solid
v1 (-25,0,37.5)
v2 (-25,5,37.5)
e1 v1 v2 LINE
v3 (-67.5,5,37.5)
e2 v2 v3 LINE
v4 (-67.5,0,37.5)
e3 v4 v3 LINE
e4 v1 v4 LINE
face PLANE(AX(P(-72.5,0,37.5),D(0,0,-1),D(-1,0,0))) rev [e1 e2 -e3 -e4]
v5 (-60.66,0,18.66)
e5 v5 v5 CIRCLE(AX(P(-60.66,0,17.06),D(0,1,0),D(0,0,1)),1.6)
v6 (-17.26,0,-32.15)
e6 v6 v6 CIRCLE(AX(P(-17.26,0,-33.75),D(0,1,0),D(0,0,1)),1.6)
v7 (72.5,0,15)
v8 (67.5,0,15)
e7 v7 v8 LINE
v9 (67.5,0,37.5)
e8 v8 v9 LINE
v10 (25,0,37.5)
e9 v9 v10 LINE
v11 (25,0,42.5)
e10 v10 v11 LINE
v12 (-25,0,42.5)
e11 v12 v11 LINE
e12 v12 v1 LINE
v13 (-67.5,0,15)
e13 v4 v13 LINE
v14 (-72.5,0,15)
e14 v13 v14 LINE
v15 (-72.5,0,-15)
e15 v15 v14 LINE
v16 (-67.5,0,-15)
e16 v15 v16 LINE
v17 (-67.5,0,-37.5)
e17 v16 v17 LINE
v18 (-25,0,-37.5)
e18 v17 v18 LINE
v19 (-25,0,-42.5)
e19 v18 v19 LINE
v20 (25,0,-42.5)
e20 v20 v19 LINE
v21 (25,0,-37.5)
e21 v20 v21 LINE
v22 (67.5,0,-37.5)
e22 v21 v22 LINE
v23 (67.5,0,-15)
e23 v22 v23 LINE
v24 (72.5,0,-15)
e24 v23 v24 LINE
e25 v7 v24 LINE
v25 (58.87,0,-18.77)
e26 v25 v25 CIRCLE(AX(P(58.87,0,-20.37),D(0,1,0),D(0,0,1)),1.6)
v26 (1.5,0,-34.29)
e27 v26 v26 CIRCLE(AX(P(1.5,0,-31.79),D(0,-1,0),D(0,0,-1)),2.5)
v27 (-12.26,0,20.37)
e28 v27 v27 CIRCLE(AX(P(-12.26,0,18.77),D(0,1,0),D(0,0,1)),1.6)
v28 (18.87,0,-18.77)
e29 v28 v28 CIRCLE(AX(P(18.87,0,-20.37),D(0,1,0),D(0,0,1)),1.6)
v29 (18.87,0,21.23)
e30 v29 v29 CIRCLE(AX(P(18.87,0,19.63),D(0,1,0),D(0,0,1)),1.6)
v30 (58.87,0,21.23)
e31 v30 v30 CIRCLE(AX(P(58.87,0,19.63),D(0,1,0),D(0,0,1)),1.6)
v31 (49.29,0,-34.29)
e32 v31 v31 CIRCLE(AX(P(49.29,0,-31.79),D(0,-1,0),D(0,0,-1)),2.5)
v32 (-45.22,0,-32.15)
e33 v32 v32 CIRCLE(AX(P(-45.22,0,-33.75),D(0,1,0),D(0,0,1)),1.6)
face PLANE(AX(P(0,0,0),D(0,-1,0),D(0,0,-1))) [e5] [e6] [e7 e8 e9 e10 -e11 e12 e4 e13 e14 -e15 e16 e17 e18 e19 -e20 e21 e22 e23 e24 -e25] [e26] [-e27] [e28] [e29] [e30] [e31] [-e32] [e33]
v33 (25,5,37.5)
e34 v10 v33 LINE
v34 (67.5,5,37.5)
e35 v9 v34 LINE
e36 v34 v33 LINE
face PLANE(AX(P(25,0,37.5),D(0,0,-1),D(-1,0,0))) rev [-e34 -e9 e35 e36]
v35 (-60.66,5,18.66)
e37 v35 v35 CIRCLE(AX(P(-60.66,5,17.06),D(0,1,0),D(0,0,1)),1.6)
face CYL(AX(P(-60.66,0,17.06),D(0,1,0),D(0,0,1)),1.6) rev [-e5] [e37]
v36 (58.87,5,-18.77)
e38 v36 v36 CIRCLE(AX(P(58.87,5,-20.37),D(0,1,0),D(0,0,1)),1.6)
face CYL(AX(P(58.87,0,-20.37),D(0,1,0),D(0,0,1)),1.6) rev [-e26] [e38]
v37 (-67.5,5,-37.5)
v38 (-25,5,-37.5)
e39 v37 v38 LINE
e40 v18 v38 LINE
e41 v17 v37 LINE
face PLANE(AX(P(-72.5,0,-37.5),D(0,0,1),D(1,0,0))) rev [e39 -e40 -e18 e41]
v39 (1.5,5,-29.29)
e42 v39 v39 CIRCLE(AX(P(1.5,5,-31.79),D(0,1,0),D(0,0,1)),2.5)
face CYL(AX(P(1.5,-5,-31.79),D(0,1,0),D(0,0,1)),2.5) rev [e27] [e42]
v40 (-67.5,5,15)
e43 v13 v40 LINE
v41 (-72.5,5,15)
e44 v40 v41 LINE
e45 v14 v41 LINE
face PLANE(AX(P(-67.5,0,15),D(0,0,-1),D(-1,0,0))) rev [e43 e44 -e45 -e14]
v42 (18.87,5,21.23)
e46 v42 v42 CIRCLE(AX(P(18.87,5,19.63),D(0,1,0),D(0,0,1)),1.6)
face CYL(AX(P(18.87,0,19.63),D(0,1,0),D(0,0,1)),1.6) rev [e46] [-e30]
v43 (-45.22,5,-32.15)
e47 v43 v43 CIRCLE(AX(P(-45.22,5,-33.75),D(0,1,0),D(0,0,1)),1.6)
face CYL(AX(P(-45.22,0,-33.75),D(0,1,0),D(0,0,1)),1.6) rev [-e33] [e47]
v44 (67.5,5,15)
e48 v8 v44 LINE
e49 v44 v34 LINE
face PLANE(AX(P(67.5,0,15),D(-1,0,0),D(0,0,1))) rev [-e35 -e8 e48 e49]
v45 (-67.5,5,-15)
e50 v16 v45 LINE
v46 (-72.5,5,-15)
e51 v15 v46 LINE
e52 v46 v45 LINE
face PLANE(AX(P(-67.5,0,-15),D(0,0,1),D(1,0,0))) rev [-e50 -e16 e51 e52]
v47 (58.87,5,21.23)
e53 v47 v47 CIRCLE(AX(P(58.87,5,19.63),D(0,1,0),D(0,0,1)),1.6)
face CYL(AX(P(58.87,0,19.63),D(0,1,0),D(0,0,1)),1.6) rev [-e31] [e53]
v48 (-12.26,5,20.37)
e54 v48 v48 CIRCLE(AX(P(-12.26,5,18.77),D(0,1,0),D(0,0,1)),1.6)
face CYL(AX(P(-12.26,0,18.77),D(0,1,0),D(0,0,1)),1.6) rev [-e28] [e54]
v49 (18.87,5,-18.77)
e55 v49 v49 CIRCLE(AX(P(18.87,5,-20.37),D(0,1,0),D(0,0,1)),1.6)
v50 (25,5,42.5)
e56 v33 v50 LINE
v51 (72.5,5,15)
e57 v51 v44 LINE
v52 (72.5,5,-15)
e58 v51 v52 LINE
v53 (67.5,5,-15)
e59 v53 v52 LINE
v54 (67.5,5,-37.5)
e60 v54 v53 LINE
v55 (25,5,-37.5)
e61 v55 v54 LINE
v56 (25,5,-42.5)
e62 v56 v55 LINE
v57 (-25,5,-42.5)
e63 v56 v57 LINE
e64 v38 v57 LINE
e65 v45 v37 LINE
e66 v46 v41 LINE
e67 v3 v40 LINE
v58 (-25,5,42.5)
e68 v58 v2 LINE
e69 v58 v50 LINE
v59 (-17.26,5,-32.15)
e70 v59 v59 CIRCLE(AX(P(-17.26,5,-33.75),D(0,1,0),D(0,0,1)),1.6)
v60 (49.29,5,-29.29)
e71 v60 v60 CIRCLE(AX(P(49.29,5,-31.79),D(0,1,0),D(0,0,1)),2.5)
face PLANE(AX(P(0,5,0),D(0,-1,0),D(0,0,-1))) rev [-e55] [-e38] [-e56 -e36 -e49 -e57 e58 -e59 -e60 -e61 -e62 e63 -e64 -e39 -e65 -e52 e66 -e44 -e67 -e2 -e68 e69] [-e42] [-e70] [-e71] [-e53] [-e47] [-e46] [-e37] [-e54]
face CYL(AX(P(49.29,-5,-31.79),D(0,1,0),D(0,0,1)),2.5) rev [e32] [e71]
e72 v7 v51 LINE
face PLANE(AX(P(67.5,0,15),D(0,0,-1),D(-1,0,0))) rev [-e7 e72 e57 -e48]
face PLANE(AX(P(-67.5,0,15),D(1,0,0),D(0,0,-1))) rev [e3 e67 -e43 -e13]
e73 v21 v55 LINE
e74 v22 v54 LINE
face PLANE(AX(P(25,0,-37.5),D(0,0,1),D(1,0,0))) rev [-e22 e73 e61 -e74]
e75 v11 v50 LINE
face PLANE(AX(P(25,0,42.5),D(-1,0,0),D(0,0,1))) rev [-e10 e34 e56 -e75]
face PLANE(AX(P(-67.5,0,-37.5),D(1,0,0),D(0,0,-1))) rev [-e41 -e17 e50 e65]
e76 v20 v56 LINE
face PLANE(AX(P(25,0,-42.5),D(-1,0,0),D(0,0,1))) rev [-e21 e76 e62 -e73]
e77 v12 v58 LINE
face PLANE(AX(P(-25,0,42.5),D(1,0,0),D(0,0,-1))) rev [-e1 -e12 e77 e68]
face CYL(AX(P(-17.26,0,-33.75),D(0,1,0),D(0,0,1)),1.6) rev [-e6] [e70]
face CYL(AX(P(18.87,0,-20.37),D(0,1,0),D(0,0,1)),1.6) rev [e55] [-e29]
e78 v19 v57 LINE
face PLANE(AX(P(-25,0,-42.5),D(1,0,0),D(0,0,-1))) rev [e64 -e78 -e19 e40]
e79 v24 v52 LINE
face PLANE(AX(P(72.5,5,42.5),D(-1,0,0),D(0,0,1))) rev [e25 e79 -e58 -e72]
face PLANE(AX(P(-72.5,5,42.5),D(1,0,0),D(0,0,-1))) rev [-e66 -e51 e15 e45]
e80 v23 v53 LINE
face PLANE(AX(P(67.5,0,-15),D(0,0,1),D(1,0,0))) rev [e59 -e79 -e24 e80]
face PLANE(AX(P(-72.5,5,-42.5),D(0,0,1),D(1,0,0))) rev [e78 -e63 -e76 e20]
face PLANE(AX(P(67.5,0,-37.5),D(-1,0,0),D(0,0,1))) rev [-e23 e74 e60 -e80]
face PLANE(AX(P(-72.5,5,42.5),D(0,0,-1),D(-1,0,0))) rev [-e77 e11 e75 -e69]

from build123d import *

# Parameters (mm, degrees)
SKETCH1_W           = 145
SKETCH1_H           = 85
BOSS_EXTRUDE1_DEPTH = 5
SKETCH2_W           = 47.5
SKETCH2_H           = 5
CUT_EXTRUDE1_DEPTH  = 5
SKETCH3_W           = 5
SKETCH3_H           = 22.5
CUT_EXTRUDE2_DEPTH  = 5
SKETCH4_R           = 1.6
CUT_EXTRUDE3_DEPTH  = 5
SKETCH5_R           = 1.6
CUT_EXTRUDE4_DEPTH  = 5
SKETCH6_R           = 2.5
CUT_EXTRUDE5_DEPTH  = 10


with BuildPart() as part:
    # Sketch1 → Boss-Extrude1 (new body)
    with BuildSketch(Plane(origin=(0, 0, 0), x_dir=(1, 0, 0), z_dir=(0, 1, 0))):
        Rectangle(SKETCH1_W, SKETCH1_H)
    extrude(amount=BOSS_EXTRUDE1_DEPTH)

    # Sketch2 → Cut-Extrude1 (cut)
    with BuildSketch(Plane(origin=(0, 5, 0), x_dir=(1, 0, 0), z_dir=(0, 1, 0))):
        with Locations((-48.75, 40)):
            Rectangle(SKETCH2_W, SKETCH2_H)
        with Locations((48.75, 40)):
            Rectangle(SKETCH2_W, SKETCH2_H)
        with Locations((48.75, -40)):
            Rectangle(SKETCH2_W, SKETCH2_H)
        with Locations((-48.75, -40)):
            Rectangle(SKETCH2_W, SKETCH2_H)
    extrude(amount=-CUT_EXTRUDE1_DEPTH, mode=Mode.SUBTRACT)

    # Sketch3 → Cut-Extrude2 (cut)
    with BuildSketch(Plane(origin=(0, 5, 0), x_dir=(1, 0, 0), z_dir=(0, 1, 0))):
        with Locations((-70, 26.25)):
            Rectangle(SKETCH3_W, SKETCH3_H)
        with Locations((-70, -26.25)):
            Rectangle(SKETCH3_W, SKETCH3_H)
        with Locations((70, -26.25)):
            Rectangle(SKETCH3_W, SKETCH3_H)
        with Locations((70, 26.25)):
            Rectangle(SKETCH3_W, SKETCH3_H)
    extrude(amount=-CUT_EXTRUDE2_DEPTH, mode=Mode.SUBTRACT)

    # Sketch4 → Cut-Extrude3 (cut)
    with BuildSketch(Plane(origin=(0, 5, 0), x_dir=(1, 0, 0), z_dir=(0, 1, 0))):
        with Locations(Location((-12.26, -18.77, 0), (0, 0, 270))):
            Circle(SKETCH4_R)
        with Locations(Location((-60.66, -17.06, 0), (0, 0, 270))):
            Circle(SKETCH4_R)
        with Locations(Location((-45.22, 33.75, 0), (0, 0, 270))):
            Circle(SKETCH4_R)
        with Locations(Location((-17.26, 33.75, 0), (0, 0, 270))):
            Circle(SKETCH4_R)
    extrude(amount=-CUT_EXTRUDE3_DEPTH, mode=Mode.SUBTRACT)

    # Sketch5 → Cut-Extrude4 (cut)
    with BuildSketch(Plane(origin=(0, 5, 0), x_dir=(1, 0, 0), z_dir=(0, 1, 0))):
        with Locations(Location((58.87, 20.37, 0), (0, 0, 270))):
            Circle(SKETCH5_R)
        with Locations(Location((18.87, 20.37, 0), (0, 0, 270))):
            Circle(SKETCH5_R)
        with Locations(Location((18.87, -19.63, 0), (0, 0, 270))):
            Circle(SKETCH5_R)
        with Locations(Location((58.87, -19.63, 0), (0, 0, 270))):
            Circle(SKETCH5_R)
    extrude(amount=-CUT_EXTRUDE4_DEPTH, mode=Mode.SUBTRACT)

    # Sketch6 → Cut-Extrude5 (cut)
    with BuildSketch(Plane(origin=(0, 5, 0), x_dir=(1, 0, 0), z_dir=(0, 1, 0))):
        with Locations(Location((49.29, 31.79, 0), (0, 0, 270))):
            Circle(SKETCH6_R)
        with Locations(Location((1.5, 31.79, 0), (0, 0, 270))):
            Circle(SKETCH6_R)
    extrude(amount=-CUT_EXTRUDE5_DEPTH, mode=Mode.SUBTRACT)


solid = part.part
